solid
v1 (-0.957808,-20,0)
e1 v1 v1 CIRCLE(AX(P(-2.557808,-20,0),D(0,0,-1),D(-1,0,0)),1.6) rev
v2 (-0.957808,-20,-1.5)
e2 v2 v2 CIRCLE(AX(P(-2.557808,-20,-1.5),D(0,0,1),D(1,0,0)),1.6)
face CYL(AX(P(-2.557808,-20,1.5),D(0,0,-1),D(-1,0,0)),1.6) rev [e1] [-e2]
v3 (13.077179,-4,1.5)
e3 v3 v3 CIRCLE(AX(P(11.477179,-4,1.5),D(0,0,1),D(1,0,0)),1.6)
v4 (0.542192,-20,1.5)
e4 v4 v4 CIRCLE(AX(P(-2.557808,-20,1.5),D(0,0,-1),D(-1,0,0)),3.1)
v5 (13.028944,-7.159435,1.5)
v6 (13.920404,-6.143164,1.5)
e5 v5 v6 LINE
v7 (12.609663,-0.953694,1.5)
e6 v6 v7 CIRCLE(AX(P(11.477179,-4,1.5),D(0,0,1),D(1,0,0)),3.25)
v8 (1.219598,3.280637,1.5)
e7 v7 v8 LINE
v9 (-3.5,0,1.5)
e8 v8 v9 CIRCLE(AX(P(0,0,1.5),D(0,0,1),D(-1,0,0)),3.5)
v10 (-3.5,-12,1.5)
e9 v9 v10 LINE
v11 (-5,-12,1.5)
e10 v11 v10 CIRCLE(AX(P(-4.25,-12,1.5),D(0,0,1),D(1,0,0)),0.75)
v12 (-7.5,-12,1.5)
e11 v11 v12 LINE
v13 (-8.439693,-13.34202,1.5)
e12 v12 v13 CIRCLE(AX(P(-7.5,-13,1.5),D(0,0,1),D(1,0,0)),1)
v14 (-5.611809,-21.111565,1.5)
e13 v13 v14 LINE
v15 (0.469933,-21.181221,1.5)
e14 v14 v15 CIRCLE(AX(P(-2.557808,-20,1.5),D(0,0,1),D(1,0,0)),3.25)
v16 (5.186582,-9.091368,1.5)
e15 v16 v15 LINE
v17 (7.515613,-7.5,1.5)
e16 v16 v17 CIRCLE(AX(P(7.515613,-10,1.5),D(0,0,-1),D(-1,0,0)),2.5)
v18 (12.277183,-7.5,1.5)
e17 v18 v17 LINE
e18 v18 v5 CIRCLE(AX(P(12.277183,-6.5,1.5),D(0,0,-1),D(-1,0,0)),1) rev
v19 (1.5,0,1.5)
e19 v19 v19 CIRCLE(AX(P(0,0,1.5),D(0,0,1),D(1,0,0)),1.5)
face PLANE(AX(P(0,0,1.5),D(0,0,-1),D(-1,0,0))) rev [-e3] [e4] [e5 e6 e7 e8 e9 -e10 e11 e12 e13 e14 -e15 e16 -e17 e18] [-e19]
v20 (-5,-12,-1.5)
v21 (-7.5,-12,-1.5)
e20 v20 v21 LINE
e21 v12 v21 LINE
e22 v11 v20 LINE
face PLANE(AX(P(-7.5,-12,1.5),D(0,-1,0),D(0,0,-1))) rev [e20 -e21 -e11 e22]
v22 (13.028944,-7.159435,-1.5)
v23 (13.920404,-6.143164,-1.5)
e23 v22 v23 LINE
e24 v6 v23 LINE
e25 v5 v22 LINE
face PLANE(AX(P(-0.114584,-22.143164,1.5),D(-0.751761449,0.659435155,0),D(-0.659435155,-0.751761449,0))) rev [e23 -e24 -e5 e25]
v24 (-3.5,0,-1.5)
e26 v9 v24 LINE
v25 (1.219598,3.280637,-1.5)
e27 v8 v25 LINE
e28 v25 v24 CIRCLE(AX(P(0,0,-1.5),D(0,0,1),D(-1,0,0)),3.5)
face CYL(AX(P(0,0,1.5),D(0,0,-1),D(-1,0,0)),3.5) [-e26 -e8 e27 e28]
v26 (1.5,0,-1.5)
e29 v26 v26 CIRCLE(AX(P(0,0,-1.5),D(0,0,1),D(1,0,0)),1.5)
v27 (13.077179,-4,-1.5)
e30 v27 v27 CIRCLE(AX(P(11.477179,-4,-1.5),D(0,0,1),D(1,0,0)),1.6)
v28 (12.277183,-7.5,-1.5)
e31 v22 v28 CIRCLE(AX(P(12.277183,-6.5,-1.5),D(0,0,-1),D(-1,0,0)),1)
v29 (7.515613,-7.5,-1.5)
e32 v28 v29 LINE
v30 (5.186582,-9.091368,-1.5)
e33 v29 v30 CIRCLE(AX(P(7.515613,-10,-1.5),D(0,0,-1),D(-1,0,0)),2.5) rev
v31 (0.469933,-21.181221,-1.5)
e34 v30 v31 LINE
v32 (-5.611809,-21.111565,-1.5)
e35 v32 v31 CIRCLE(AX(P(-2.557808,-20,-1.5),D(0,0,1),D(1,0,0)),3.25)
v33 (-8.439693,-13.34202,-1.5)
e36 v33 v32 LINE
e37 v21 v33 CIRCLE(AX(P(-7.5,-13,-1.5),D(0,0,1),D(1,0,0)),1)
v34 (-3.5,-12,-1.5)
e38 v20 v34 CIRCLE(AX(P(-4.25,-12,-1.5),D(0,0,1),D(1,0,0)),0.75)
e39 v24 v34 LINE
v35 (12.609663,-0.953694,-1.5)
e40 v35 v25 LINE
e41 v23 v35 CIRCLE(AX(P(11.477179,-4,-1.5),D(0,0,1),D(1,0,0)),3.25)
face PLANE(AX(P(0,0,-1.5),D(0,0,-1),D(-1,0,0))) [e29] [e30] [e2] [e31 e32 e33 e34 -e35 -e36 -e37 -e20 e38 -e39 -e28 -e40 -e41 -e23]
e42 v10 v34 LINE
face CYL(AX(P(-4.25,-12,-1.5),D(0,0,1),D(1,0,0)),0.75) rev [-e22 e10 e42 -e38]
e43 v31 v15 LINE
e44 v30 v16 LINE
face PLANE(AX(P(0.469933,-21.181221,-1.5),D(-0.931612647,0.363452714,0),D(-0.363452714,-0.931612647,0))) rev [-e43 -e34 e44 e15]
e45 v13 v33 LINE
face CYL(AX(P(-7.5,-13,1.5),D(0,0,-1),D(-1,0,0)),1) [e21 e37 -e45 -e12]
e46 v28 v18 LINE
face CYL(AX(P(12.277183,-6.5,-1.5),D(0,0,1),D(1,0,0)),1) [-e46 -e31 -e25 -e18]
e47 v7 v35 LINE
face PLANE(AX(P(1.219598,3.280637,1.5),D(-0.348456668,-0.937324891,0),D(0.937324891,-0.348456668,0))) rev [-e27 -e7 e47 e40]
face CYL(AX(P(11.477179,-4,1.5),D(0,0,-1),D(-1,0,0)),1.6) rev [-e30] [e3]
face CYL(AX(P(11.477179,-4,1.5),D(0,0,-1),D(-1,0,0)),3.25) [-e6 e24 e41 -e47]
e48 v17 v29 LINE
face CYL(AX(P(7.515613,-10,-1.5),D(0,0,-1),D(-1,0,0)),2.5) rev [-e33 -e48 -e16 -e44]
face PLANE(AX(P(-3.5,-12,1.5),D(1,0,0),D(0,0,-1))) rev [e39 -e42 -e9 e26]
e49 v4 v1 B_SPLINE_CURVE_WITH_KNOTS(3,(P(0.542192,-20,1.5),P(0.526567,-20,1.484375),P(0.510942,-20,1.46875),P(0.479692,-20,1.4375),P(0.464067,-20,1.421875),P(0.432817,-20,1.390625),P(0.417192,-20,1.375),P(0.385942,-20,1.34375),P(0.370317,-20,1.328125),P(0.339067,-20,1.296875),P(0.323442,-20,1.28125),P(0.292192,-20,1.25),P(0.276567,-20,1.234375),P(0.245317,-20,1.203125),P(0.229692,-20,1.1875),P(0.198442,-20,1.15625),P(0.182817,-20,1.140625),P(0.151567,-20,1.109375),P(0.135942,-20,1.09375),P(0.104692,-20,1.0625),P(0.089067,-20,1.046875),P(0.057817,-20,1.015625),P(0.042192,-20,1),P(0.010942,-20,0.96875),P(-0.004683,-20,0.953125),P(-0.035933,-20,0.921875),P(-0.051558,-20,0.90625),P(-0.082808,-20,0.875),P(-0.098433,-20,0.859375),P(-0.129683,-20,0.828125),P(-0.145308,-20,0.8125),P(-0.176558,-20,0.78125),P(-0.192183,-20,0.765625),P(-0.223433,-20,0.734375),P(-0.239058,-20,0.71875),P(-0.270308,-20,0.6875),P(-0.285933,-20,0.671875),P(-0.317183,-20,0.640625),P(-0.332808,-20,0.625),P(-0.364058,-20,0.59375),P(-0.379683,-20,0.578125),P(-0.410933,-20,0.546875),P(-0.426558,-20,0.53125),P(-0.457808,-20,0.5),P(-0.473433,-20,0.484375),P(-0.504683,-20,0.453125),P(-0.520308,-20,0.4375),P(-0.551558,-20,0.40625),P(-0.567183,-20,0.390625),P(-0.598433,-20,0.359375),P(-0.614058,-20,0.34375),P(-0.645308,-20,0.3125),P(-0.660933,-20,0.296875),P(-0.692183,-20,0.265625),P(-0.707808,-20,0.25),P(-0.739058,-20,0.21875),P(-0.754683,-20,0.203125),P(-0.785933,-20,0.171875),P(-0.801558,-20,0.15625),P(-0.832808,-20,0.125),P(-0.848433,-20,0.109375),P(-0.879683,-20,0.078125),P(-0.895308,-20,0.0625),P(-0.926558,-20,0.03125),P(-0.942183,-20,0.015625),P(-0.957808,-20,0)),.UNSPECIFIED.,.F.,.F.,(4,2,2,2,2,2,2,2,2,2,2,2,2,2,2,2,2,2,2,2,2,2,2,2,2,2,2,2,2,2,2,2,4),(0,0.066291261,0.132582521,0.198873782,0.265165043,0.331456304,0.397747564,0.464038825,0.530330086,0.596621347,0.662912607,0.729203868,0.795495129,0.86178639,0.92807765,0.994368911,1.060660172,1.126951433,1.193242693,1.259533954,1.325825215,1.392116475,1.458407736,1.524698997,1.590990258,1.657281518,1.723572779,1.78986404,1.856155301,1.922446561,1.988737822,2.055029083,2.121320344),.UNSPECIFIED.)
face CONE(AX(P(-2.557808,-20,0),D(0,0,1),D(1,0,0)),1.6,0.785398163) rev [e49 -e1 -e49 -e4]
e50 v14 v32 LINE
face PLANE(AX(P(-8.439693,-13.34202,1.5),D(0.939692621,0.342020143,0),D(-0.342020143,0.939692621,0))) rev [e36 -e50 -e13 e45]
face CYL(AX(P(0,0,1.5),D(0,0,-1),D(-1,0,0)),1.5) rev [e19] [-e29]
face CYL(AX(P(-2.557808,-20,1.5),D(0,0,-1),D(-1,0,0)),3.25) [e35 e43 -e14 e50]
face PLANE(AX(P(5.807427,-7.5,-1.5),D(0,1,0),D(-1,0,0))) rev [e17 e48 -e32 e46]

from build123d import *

# Parameters (mm, degrees)
SKETCH_1_R          = 1.5
SKETCH_1_R_2        = 1.6
EXTRUDE_1_DEPTH     = 1.5
CHAMFER_1_SIZE      = 1.5
SKETCH_2_R          = 0.75
CUT_EXTRUDE_1_DEPTH = 28.684874976
CUT_EXTRUDE_2_DEPTH = 28.684874976
FILLET_1_R          = 2.5
FILLET_2_R          = 1


with BuildPart() as part:
    # 草图1 → 凸台-拉伸1 (new, symmetric)
    with BuildSketch(Plane.XY):
        with BuildLine():
            Line((-7.5, -12), (-3.5, -12))
            Line((-3.5, -12), (-3.5, 0))
            ThreePointArc((-3.5, 0), (-1.997674375, 2.873899283), (1.219598337, 3.280637117))
            Line((1.219598337, 3.280637117), (12.609663209, -0.953694105))
            ThreePointArc((12.609663209, -0.953694105), (14.628222296, -3.204119106), (13.92040375, -6.143164253))
            Line((13.92040375, -6.143164253), (-0.114583662, -22.143164253))
            ThreePointArc((-0.114583662, -22.143164253), (-3.157233879, -23.194243112), (-5.61180939, -21.111565466))
            Line((-5.61180939, -21.111565466), (-8.439692621, -13.342020143))
            ThreePointArc((-8.439692621, -13.342020143), (-8.319152044, -12.426423564), (-7.5, -12))
        make_face()
        Circle(SKETCH_1_R, mode=Mode.SUBTRACT)
        with Locations((-2.557808372, -20)):
            Circle(SKETCH_1_R_2, mode=Mode.SUBTRACT)
        with Locations((11.477179039, -4)):
            Circle(SKETCH_1_R_2, mode=Mode.SUBTRACT)
    extrude(amount=EXTRUDE_1_DEPTH, both=True)

    # 倒角1
    chamfer_1_edges = [part.edges().sort_by_distance(p)[0] for p in [
        (-4.157808372, -20, 1.5),
    ]]
    chamfer(chamfer_1_edges, length=CHAMFER_1_SIZE)

    # 草图2 → 切除-拉伸1 (cut, through all)
    with BuildSketch(Plane.XY.offset(1.5)):
        with Locations((-4.25, -12)):
            Circle(SKETCH_2_R)
    extrude(amount=-CUT_EXTRUDE_1_DEPTH, mode=Mode.SUBTRACT)

    # 草图3 → 切除-拉伸2 (cut, through all)
    with BuildSketch(Plane.XY.offset(1.5)):
        with BuildLine():
            Line((5.807426852, -7.5), (12.73020546, -7.5))
            Line((12.73020546, -7.5), (-0.114583662, -22.143164253))
            ThreePointArc((-0.114583662, -22.143164253), (0.219636548, -21.687690646), (0.469932731, -21.181221322))
            Line((0.469932731, -21.181221322), (5.807426852, -7.5))
        make_face()
    extrude(amount=-CUT_EXTRUDE_2_DEPTH, mode=Mode.SUBTRACT)

    # 圆角1
    fillet_1_edges = [part.edges().sort_by_distance(p)[0] for p in [
        (5.807426852, -7.5, 0),
    ]]
    fillet(fillet_1_edges, radius=FILLET_1_R)

    # 圆角2
    fillet_2_edges = [part.edges().sort_by_distance(p)[0] for p in [
        (12.73020546, -7.5, 0),
    ]]
    fillet(fillet_2_edges, radius=FILLET_2_R)


solid = part.part
